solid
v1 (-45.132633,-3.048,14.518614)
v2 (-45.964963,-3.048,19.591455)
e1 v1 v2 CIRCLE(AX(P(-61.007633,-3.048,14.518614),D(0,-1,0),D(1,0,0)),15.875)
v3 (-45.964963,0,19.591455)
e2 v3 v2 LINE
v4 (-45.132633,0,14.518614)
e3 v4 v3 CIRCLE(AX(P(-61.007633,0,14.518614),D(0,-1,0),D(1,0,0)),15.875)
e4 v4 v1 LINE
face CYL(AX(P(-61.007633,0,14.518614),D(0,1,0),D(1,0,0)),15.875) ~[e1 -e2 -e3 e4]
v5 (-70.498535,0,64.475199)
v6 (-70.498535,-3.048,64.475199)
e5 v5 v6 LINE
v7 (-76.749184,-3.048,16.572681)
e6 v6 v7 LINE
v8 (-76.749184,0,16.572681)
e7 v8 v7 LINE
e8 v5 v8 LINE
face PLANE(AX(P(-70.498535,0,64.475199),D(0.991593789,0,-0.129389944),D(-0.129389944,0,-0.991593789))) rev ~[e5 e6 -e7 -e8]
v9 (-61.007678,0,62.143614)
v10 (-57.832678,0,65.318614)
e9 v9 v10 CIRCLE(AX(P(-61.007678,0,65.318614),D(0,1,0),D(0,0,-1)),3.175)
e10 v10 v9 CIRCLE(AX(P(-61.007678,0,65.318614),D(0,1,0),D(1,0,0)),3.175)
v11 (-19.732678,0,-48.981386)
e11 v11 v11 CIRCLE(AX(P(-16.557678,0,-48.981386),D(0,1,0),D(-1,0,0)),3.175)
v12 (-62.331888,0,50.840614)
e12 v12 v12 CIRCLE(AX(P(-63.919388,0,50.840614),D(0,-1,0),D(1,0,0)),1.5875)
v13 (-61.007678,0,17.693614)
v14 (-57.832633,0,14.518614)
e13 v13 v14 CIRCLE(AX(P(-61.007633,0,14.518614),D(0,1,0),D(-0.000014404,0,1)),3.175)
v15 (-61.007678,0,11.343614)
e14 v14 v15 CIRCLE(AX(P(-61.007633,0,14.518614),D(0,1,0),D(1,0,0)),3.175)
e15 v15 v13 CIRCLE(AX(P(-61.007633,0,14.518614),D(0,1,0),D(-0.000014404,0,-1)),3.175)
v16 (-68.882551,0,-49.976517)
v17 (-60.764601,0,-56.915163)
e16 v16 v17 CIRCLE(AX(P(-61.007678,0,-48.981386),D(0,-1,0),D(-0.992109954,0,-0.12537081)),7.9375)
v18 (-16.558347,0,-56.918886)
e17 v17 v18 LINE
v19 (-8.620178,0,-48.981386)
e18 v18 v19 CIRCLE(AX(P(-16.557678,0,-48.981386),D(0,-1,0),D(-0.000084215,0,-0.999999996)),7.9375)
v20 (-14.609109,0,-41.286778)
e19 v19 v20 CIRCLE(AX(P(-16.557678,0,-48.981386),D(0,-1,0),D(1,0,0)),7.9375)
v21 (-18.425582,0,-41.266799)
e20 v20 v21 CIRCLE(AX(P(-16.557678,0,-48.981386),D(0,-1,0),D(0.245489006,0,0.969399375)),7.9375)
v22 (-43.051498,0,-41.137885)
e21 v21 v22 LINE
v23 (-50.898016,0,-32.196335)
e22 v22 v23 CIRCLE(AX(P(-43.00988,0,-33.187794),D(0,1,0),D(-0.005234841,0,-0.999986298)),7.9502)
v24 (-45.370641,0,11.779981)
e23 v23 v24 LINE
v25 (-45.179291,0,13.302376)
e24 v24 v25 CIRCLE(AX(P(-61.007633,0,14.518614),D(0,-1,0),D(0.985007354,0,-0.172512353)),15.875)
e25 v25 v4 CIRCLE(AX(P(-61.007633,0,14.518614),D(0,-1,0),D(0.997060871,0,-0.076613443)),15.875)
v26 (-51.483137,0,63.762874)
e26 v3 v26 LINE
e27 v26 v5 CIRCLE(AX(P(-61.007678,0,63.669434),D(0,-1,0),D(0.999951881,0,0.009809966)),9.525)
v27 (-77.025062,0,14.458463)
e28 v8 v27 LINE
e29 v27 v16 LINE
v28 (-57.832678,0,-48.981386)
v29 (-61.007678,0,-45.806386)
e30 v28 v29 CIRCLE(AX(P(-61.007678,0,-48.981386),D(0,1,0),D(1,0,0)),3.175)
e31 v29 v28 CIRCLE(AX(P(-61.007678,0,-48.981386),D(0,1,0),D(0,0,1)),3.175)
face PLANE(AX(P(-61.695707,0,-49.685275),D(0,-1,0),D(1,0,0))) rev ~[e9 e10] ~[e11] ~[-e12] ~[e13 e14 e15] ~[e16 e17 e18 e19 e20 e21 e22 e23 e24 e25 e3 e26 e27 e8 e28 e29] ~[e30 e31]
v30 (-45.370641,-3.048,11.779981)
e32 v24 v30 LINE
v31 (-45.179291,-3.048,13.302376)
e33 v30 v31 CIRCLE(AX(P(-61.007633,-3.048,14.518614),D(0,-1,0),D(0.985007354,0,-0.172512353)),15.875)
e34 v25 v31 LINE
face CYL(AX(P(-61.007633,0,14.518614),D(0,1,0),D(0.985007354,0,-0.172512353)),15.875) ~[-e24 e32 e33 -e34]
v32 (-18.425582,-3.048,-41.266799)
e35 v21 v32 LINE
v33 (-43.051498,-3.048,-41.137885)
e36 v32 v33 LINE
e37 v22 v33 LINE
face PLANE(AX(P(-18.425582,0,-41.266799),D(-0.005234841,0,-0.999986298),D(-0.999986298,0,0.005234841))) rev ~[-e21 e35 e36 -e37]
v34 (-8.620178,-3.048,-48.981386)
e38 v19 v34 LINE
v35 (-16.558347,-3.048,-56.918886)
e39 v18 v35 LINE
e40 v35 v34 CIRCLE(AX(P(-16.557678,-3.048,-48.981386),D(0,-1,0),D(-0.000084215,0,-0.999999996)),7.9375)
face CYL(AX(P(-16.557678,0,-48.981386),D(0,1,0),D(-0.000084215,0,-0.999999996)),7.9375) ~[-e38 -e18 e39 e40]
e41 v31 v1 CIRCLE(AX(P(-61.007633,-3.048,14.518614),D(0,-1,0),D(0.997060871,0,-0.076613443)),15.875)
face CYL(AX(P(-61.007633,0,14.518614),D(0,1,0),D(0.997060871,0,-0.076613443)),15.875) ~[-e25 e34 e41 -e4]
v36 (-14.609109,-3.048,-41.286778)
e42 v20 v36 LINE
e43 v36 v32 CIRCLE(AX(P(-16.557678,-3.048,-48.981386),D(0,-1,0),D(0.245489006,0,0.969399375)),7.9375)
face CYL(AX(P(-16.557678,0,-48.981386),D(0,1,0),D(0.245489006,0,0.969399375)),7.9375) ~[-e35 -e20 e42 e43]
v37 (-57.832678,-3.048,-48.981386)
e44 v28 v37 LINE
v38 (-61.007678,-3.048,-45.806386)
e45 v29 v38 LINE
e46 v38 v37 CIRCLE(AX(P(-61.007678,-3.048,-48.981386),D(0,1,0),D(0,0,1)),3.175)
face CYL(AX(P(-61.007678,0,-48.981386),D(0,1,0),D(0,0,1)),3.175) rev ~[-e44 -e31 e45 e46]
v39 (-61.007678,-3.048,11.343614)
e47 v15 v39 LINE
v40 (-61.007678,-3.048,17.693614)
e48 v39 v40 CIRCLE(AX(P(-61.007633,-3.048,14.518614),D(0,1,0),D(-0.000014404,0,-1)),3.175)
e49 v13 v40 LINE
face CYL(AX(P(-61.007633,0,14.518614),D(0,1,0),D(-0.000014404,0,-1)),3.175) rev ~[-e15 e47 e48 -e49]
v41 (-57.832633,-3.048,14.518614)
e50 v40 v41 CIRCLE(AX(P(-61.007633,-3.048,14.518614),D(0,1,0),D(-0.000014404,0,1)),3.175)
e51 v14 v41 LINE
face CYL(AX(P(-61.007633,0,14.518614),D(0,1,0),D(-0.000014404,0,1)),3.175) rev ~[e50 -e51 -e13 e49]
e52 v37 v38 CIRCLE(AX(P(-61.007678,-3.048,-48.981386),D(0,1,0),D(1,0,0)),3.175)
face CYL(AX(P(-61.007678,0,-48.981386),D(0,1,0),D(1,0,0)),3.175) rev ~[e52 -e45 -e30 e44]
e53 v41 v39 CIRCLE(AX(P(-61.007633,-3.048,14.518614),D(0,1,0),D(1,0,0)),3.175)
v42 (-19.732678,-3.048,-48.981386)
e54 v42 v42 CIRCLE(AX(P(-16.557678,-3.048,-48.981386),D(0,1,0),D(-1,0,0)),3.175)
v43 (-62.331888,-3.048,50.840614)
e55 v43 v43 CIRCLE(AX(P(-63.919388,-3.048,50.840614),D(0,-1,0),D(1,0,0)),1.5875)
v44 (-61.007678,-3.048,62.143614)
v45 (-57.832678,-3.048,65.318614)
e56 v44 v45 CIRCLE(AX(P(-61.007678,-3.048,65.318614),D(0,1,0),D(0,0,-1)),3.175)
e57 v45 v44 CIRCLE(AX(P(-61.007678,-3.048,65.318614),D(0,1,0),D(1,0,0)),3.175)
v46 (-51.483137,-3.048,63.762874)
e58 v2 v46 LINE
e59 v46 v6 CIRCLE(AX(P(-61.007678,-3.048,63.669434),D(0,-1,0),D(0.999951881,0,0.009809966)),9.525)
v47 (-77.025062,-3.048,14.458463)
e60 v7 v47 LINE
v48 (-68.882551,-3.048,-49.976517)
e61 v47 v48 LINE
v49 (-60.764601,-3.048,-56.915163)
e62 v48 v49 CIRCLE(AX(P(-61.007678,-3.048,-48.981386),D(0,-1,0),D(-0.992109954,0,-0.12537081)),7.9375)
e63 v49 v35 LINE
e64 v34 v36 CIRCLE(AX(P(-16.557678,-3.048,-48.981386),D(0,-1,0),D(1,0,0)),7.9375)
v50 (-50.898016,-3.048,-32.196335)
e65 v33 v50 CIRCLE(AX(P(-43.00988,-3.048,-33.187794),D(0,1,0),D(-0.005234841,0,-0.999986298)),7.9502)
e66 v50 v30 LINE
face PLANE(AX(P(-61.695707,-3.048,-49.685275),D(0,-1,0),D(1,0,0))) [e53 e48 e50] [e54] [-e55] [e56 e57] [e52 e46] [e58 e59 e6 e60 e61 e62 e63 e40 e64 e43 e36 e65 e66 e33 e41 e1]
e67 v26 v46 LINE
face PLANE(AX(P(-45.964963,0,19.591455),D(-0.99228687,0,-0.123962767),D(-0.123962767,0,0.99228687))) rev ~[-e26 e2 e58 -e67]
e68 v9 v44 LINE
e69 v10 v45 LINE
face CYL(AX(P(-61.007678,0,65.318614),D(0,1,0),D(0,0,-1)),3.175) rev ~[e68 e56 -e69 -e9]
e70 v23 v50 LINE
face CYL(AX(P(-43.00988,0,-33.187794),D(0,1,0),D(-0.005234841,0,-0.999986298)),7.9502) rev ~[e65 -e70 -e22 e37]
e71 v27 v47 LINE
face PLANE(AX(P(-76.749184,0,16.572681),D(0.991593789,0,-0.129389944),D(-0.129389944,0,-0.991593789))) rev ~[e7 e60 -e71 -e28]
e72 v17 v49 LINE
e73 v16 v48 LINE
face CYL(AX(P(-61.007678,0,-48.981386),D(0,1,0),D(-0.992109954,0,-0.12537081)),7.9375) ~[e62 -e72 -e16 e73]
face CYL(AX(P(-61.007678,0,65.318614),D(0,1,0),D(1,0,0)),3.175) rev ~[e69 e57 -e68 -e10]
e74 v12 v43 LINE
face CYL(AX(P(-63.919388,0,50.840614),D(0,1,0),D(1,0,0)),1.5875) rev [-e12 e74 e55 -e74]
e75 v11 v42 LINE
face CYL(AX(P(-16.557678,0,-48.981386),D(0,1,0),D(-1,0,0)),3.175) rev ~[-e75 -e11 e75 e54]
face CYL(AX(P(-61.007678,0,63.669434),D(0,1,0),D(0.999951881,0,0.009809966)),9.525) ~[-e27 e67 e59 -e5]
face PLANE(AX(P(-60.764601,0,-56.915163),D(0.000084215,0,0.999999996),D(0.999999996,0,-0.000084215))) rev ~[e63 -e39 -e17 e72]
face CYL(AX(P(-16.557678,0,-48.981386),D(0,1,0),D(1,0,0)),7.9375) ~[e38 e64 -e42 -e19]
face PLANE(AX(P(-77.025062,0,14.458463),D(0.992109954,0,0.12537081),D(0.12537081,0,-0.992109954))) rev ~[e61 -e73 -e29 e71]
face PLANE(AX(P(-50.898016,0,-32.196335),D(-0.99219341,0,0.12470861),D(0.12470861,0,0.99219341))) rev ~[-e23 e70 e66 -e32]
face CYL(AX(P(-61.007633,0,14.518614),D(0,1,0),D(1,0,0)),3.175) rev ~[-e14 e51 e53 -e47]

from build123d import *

# Parameters (mm, degrees)
F0_R     = 1.5875
F1_DEPTH = 3.048


with BuildPart() as f1:
    # F0 (on Front) → F1 (new body)
    with BuildSketch(Plane.XZ):
        with BuildLine():
            Line((-53.0701784344, -48.9813857483), (-57.8326784344, -48.9813857483))
            ThreePointArc((-57.8326784344, -48.9813857483), (-63.2527424646, -51.2264497785), (-61.0076784344, -45.8063857483))
            Line((-61.0076784344, -45.8063857483), (-61.0076784344, -41.0438857483))
            ThreePointArc((-61.0076784344, -41.0438857483), (-66.9617844537, -43.7323355713), (-68.8825511914, -49.9765165488))
            ThreePointArc((-68.8825511914, -49.9765165488), (-66.1649334181, -55.0151762056), (-60.7646011964, -56.9151628882))
            ThreePointArc((-60.7646011964, -56.9151628882), (-55.3097256517, -54.50743681), (-53.0701784344, -48.9813857483))
        make_face()
        with BuildLine():
            ThreePointArc((-61.0076784344, -41.0438857483), (-55.3950183587, -43.3687256726), (-53.0701784344, -48.9813857483))
            Line((-53.0701784344, -48.9813857483), (-24.4951784344, -48.9813857483))
            ThreePointArc((-24.4951784344, -48.9813857483), (-22.7958828193, -44.0733604527), (-18.4255816339, -41.2667993117))
            Line((-18.4255816339, -41.2667993117), (-43.0514981252, -41.1378847863))
            ThreePointArc((-43.0514981252, -41.1378847863), (-48.9855036259, -38.4316094497), (-50.8980161389, -32.1963353283))
            Line((-50.8980161389, -32.1963353283), (-45.3706409503, 11.7799806517))
            ThreePointArc((-45.3706409503, 11.7799806517), (-50.7963864139, 2.3635299547), (-61.0076784344, -1.3563857482))
            Line((-61.0076784344, -1.3563857482), (-61.0076784344, -41.0438857483))
        make_face()
        with BuildLine():
            Line((-24.4951784344, -48.9813857483), (-53.0701784344, -48.9813857483))
            ThreePointArc((-53.0701784344, -48.9813857483), (-55.3097256517, -54.50743681), (-60.7646011964, -56.9151628882))
            Line((-60.7646011964, -56.9151628882), (-16.5583468913, -56.9188857201))
            ThreePointArc((-16.5583468913, -56.9188857201), (-22.1705748403, -54.5938094837), (-24.4951784344, -48.9813857483))
        make_face()
        with BuildLine():
            ThreePointArc((-68.8825511914, -49.9765165488), (-66.9617844537, -43.7323355713), (-61.0076784344, -41.0438857483))
            Line((-61.0076784344, -41.0438857483), (-61.0076784344, -1.3563857482))
            ThreePointArc((-61.0076784344, -1.3563857482), (-72.9371059125, 4.04468023), (-76.7491838572, 16.5726814832))
            Line((-76.7491838572, 16.5726814832), (-77.025061538, 14.4584631234))
            Line((-77.025061538, 14.4584631234), (-68.8825511914, -49.9765165488))
        make_face()
        with BuildLine():
            ThreePointArc((-18.4255816339, -41.2667993117), (-22.7958828193, -44.0733604527), (-24.4951784344, -48.9813857483))
            ThreePointArc((-24.4951784344, -48.9813857483), (-22.1705748403, -54.5938094837), (-16.5583468913, -56.9188857201))
            ThreePointArc((-16.5583468913, -56.9188857201), (-10.9452546989, -54.5942821542), (-8.6201784344, -48.9813857483))
            ThreePointArc((-8.6201784344, -48.9813857483), (-10.2938667921, -44.1060837104), (-14.6091094481, -41.2867782108))
            Line((-14.6091094481, -41.2867782108), (-18.4255816339, -41.2667993117))
        make_face()
        with BuildLine():
            ThreePointArc((-13.3826784344, -48.9813857483), (-16.5576784344, -52.1563857483), (-19.7326784344, -48.9813857483))
            ThreePointArc((-19.7326784344, -48.9813857483), (-16.5576784344, -45.8063857483), (-13.3826784344, -48.9813857483))
        make_face(mode=Mode.SUBTRACT)
        with BuildLine():
            Line((-61.0076784344, 11.3436142521), (-61.0076784344, -1.3563857482))
            ThreePointArc((-61.0076784344, -1.3563857482), (-50.7963864139, 2.3635299547), (-45.3706409503, 11.7799806517))
            Line((-45.3706409503, 11.7799806517), (-45.1792913752, 13.3023758378))
            Line((-45.1792913752, 13.3023758378), (-45.9649630306, 19.5914550923))
            ThreePointArc((-45.9649630306, 19.5914550923), (-51.7479461861, 27.4133352898), (-61.0076784344, 30.3936142517))
            Line((-61.0076784344, 30.3936142517), (-61.0076784344, 17.6936142514))
            ThreePointArc((-61.0076784344, 17.6936142514), (-58.7625848399, 16.7636944512), (-57.8326327008, 14.5186142517))
            ThreePointArc((-57.8326327008, 14.5186142517), (-58.7625848399, 12.2735340523), (-61.0076784344, 11.3436142521))
        make_face()
        with BuildLine():
            ThreePointArc((-76.7491838572, 16.5726814832), (-72.9371059125, 4.04468023), (-61.0076784344, -1.3563857482))
            Line((-61.0076784344, -1.3563857482), (-61.0076784344, 11.3436142521))
            ThreePointArc((-61.0076784344, 11.3436142521), (-64.1826327008, 14.5186142517), (-61.0076784344, 17.6936142514))
            Line((-61.0076784344, 17.6936142514), (-61.0076784344, 30.3936142517))
            ThreePointArc((-61.0076784344, 30.3936142517), (-71.4816010896, 26.4480572895), (-76.7491838572, 16.5726814832))
        make_face()
        with BuildLine():
            ThreePointArc((-14.6091094481, -41.2867782108), (-16.5161268834, -41.0439945069), (-18.4255816339, -41.2667993117))
            Line((-18.4255816339, -41.2667993117), (-14.6091094481, -41.2867782108))
        make_face()
        with BuildLine():
            Line((-70.4985354843, 64.4751994053), (-76.7491838572, 16.5726814832))
            ThreePointArc((-76.7491838572, 16.5726814832), (-71.4816010896, 26.4480572895), (-61.0076784344, 30.3936142517))
            Line((-61.0076784344, 30.3936142517), (-61.0076784344, 54.1444342673))
            ThreePointArc((-61.0076784344, 54.1444342673), (-68.0219687741, 57.2254171948), (-70.4985354843, 64.4751994053))
        make_face()
        with Locations((-63.9193877578, 50.8406142517)):
            Circle(F0_R, mode=Mode.SUBTRACT)
        with BuildLine():
            Line((-45.1792913752, 13.3023758378), (-45.3706409503, 11.7799806517))
            ThreePointArc((-45.3706409503, 11.7799806517), (-45.256562319, 12.538865069), (-45.1792913752, 13.3023758378))
        make_face()
        with BuildLine():
            Line((-61.0076784344, 54.1444342673), (-61.0076784344, 30.3936142517))
            ThreePointArc((-61.0076784344, 30.3936142517), (-51.7479461861, 27.4133352898), (-45.9649630306, 19.5914550923))
            Line((-45.9649630306, 19.5914550923), (-51.4831367666, 63.7628741899))
            ThreePointArc((-51.4831367666, 63.7628741899), (-51.4827930181, 63.7161547906), (-51.4826784344, 63.6694342673))
            ThreePointArc((-51.4826784344, 63.6694342673), (-54.2724863436, 56.9342421765), (-61.0076784344, 54.1444342673))
        make_face()
        with BuildLine():
            ThreePointArc((-51.4831367666, 63.7628741899), (-60.6511178273, 73.1877581499), (-70.4985354843, 64.4751994053))
            ThreePointArc((-70.4985354843, 64.4751994053), (-68.0219687741, 57.2254171948), (-61.0076784344, 54.1444342673))
            ThreePointArc((-61.0076784344, 54.1444342673), (-54.2724863436, 56.9342421765), (-51.4826784344, 63.6694342673))
            ThreePointArc((-51.4826784344, 63.6694342673), (-51.4827930181, 63.7161547906), (-51.4831367666, 63.7628741899))
        make_face()
        with BuildLine():
            ThreePointArc((-57.8326784344, 65.3186142517), (-58.7626144041, 63.0735502215), (-61.0076784344, 62.1436142517))
            ThreePointArc((-61.0076784344, 62.1436142517), (-63.2527424646, 67.563678282), (-57.8326784344, 65.3186142517))
        make_face(mode=Mode.SUBTRACT)
        with BuildLine():
            Line((-45.9649630306, 19.5914550923), (-45.1792913752, 13.3023758378))
            ThreePointArc((-45.1792913752, 13.3023758378), (-45.1443016581, 13.9100477164), (-45.1326327008, 14.5186142517))
            ThreePointArc((-45.1326327008, 14.5186142517), (-45.3420971847, 17.088949248), (-45.9649630306, 19.5914550923))
        make_face()
        with BuildLine():
            ThreePointArc((-61.0076784344, -45.8063857483), (-58.7626144041, -46.736321718), (-57.8326784344, -48.9813857483))
            Line((-57.8326784344, -48.9813857483), (-53.0701784344, -48.9813857483))
            ThreePointArc((-53.0701784344, -48.9813857483), (-55.3950183587, -43.3687256726), (-61.0076784344, -41.0438857483))
            Line((-61.0076784344, -41.0438857483), (-61.0076784344, -45.8063857483))
        make_face()
    extrude(amount=F1_DEPTH)


solid = f1.part
